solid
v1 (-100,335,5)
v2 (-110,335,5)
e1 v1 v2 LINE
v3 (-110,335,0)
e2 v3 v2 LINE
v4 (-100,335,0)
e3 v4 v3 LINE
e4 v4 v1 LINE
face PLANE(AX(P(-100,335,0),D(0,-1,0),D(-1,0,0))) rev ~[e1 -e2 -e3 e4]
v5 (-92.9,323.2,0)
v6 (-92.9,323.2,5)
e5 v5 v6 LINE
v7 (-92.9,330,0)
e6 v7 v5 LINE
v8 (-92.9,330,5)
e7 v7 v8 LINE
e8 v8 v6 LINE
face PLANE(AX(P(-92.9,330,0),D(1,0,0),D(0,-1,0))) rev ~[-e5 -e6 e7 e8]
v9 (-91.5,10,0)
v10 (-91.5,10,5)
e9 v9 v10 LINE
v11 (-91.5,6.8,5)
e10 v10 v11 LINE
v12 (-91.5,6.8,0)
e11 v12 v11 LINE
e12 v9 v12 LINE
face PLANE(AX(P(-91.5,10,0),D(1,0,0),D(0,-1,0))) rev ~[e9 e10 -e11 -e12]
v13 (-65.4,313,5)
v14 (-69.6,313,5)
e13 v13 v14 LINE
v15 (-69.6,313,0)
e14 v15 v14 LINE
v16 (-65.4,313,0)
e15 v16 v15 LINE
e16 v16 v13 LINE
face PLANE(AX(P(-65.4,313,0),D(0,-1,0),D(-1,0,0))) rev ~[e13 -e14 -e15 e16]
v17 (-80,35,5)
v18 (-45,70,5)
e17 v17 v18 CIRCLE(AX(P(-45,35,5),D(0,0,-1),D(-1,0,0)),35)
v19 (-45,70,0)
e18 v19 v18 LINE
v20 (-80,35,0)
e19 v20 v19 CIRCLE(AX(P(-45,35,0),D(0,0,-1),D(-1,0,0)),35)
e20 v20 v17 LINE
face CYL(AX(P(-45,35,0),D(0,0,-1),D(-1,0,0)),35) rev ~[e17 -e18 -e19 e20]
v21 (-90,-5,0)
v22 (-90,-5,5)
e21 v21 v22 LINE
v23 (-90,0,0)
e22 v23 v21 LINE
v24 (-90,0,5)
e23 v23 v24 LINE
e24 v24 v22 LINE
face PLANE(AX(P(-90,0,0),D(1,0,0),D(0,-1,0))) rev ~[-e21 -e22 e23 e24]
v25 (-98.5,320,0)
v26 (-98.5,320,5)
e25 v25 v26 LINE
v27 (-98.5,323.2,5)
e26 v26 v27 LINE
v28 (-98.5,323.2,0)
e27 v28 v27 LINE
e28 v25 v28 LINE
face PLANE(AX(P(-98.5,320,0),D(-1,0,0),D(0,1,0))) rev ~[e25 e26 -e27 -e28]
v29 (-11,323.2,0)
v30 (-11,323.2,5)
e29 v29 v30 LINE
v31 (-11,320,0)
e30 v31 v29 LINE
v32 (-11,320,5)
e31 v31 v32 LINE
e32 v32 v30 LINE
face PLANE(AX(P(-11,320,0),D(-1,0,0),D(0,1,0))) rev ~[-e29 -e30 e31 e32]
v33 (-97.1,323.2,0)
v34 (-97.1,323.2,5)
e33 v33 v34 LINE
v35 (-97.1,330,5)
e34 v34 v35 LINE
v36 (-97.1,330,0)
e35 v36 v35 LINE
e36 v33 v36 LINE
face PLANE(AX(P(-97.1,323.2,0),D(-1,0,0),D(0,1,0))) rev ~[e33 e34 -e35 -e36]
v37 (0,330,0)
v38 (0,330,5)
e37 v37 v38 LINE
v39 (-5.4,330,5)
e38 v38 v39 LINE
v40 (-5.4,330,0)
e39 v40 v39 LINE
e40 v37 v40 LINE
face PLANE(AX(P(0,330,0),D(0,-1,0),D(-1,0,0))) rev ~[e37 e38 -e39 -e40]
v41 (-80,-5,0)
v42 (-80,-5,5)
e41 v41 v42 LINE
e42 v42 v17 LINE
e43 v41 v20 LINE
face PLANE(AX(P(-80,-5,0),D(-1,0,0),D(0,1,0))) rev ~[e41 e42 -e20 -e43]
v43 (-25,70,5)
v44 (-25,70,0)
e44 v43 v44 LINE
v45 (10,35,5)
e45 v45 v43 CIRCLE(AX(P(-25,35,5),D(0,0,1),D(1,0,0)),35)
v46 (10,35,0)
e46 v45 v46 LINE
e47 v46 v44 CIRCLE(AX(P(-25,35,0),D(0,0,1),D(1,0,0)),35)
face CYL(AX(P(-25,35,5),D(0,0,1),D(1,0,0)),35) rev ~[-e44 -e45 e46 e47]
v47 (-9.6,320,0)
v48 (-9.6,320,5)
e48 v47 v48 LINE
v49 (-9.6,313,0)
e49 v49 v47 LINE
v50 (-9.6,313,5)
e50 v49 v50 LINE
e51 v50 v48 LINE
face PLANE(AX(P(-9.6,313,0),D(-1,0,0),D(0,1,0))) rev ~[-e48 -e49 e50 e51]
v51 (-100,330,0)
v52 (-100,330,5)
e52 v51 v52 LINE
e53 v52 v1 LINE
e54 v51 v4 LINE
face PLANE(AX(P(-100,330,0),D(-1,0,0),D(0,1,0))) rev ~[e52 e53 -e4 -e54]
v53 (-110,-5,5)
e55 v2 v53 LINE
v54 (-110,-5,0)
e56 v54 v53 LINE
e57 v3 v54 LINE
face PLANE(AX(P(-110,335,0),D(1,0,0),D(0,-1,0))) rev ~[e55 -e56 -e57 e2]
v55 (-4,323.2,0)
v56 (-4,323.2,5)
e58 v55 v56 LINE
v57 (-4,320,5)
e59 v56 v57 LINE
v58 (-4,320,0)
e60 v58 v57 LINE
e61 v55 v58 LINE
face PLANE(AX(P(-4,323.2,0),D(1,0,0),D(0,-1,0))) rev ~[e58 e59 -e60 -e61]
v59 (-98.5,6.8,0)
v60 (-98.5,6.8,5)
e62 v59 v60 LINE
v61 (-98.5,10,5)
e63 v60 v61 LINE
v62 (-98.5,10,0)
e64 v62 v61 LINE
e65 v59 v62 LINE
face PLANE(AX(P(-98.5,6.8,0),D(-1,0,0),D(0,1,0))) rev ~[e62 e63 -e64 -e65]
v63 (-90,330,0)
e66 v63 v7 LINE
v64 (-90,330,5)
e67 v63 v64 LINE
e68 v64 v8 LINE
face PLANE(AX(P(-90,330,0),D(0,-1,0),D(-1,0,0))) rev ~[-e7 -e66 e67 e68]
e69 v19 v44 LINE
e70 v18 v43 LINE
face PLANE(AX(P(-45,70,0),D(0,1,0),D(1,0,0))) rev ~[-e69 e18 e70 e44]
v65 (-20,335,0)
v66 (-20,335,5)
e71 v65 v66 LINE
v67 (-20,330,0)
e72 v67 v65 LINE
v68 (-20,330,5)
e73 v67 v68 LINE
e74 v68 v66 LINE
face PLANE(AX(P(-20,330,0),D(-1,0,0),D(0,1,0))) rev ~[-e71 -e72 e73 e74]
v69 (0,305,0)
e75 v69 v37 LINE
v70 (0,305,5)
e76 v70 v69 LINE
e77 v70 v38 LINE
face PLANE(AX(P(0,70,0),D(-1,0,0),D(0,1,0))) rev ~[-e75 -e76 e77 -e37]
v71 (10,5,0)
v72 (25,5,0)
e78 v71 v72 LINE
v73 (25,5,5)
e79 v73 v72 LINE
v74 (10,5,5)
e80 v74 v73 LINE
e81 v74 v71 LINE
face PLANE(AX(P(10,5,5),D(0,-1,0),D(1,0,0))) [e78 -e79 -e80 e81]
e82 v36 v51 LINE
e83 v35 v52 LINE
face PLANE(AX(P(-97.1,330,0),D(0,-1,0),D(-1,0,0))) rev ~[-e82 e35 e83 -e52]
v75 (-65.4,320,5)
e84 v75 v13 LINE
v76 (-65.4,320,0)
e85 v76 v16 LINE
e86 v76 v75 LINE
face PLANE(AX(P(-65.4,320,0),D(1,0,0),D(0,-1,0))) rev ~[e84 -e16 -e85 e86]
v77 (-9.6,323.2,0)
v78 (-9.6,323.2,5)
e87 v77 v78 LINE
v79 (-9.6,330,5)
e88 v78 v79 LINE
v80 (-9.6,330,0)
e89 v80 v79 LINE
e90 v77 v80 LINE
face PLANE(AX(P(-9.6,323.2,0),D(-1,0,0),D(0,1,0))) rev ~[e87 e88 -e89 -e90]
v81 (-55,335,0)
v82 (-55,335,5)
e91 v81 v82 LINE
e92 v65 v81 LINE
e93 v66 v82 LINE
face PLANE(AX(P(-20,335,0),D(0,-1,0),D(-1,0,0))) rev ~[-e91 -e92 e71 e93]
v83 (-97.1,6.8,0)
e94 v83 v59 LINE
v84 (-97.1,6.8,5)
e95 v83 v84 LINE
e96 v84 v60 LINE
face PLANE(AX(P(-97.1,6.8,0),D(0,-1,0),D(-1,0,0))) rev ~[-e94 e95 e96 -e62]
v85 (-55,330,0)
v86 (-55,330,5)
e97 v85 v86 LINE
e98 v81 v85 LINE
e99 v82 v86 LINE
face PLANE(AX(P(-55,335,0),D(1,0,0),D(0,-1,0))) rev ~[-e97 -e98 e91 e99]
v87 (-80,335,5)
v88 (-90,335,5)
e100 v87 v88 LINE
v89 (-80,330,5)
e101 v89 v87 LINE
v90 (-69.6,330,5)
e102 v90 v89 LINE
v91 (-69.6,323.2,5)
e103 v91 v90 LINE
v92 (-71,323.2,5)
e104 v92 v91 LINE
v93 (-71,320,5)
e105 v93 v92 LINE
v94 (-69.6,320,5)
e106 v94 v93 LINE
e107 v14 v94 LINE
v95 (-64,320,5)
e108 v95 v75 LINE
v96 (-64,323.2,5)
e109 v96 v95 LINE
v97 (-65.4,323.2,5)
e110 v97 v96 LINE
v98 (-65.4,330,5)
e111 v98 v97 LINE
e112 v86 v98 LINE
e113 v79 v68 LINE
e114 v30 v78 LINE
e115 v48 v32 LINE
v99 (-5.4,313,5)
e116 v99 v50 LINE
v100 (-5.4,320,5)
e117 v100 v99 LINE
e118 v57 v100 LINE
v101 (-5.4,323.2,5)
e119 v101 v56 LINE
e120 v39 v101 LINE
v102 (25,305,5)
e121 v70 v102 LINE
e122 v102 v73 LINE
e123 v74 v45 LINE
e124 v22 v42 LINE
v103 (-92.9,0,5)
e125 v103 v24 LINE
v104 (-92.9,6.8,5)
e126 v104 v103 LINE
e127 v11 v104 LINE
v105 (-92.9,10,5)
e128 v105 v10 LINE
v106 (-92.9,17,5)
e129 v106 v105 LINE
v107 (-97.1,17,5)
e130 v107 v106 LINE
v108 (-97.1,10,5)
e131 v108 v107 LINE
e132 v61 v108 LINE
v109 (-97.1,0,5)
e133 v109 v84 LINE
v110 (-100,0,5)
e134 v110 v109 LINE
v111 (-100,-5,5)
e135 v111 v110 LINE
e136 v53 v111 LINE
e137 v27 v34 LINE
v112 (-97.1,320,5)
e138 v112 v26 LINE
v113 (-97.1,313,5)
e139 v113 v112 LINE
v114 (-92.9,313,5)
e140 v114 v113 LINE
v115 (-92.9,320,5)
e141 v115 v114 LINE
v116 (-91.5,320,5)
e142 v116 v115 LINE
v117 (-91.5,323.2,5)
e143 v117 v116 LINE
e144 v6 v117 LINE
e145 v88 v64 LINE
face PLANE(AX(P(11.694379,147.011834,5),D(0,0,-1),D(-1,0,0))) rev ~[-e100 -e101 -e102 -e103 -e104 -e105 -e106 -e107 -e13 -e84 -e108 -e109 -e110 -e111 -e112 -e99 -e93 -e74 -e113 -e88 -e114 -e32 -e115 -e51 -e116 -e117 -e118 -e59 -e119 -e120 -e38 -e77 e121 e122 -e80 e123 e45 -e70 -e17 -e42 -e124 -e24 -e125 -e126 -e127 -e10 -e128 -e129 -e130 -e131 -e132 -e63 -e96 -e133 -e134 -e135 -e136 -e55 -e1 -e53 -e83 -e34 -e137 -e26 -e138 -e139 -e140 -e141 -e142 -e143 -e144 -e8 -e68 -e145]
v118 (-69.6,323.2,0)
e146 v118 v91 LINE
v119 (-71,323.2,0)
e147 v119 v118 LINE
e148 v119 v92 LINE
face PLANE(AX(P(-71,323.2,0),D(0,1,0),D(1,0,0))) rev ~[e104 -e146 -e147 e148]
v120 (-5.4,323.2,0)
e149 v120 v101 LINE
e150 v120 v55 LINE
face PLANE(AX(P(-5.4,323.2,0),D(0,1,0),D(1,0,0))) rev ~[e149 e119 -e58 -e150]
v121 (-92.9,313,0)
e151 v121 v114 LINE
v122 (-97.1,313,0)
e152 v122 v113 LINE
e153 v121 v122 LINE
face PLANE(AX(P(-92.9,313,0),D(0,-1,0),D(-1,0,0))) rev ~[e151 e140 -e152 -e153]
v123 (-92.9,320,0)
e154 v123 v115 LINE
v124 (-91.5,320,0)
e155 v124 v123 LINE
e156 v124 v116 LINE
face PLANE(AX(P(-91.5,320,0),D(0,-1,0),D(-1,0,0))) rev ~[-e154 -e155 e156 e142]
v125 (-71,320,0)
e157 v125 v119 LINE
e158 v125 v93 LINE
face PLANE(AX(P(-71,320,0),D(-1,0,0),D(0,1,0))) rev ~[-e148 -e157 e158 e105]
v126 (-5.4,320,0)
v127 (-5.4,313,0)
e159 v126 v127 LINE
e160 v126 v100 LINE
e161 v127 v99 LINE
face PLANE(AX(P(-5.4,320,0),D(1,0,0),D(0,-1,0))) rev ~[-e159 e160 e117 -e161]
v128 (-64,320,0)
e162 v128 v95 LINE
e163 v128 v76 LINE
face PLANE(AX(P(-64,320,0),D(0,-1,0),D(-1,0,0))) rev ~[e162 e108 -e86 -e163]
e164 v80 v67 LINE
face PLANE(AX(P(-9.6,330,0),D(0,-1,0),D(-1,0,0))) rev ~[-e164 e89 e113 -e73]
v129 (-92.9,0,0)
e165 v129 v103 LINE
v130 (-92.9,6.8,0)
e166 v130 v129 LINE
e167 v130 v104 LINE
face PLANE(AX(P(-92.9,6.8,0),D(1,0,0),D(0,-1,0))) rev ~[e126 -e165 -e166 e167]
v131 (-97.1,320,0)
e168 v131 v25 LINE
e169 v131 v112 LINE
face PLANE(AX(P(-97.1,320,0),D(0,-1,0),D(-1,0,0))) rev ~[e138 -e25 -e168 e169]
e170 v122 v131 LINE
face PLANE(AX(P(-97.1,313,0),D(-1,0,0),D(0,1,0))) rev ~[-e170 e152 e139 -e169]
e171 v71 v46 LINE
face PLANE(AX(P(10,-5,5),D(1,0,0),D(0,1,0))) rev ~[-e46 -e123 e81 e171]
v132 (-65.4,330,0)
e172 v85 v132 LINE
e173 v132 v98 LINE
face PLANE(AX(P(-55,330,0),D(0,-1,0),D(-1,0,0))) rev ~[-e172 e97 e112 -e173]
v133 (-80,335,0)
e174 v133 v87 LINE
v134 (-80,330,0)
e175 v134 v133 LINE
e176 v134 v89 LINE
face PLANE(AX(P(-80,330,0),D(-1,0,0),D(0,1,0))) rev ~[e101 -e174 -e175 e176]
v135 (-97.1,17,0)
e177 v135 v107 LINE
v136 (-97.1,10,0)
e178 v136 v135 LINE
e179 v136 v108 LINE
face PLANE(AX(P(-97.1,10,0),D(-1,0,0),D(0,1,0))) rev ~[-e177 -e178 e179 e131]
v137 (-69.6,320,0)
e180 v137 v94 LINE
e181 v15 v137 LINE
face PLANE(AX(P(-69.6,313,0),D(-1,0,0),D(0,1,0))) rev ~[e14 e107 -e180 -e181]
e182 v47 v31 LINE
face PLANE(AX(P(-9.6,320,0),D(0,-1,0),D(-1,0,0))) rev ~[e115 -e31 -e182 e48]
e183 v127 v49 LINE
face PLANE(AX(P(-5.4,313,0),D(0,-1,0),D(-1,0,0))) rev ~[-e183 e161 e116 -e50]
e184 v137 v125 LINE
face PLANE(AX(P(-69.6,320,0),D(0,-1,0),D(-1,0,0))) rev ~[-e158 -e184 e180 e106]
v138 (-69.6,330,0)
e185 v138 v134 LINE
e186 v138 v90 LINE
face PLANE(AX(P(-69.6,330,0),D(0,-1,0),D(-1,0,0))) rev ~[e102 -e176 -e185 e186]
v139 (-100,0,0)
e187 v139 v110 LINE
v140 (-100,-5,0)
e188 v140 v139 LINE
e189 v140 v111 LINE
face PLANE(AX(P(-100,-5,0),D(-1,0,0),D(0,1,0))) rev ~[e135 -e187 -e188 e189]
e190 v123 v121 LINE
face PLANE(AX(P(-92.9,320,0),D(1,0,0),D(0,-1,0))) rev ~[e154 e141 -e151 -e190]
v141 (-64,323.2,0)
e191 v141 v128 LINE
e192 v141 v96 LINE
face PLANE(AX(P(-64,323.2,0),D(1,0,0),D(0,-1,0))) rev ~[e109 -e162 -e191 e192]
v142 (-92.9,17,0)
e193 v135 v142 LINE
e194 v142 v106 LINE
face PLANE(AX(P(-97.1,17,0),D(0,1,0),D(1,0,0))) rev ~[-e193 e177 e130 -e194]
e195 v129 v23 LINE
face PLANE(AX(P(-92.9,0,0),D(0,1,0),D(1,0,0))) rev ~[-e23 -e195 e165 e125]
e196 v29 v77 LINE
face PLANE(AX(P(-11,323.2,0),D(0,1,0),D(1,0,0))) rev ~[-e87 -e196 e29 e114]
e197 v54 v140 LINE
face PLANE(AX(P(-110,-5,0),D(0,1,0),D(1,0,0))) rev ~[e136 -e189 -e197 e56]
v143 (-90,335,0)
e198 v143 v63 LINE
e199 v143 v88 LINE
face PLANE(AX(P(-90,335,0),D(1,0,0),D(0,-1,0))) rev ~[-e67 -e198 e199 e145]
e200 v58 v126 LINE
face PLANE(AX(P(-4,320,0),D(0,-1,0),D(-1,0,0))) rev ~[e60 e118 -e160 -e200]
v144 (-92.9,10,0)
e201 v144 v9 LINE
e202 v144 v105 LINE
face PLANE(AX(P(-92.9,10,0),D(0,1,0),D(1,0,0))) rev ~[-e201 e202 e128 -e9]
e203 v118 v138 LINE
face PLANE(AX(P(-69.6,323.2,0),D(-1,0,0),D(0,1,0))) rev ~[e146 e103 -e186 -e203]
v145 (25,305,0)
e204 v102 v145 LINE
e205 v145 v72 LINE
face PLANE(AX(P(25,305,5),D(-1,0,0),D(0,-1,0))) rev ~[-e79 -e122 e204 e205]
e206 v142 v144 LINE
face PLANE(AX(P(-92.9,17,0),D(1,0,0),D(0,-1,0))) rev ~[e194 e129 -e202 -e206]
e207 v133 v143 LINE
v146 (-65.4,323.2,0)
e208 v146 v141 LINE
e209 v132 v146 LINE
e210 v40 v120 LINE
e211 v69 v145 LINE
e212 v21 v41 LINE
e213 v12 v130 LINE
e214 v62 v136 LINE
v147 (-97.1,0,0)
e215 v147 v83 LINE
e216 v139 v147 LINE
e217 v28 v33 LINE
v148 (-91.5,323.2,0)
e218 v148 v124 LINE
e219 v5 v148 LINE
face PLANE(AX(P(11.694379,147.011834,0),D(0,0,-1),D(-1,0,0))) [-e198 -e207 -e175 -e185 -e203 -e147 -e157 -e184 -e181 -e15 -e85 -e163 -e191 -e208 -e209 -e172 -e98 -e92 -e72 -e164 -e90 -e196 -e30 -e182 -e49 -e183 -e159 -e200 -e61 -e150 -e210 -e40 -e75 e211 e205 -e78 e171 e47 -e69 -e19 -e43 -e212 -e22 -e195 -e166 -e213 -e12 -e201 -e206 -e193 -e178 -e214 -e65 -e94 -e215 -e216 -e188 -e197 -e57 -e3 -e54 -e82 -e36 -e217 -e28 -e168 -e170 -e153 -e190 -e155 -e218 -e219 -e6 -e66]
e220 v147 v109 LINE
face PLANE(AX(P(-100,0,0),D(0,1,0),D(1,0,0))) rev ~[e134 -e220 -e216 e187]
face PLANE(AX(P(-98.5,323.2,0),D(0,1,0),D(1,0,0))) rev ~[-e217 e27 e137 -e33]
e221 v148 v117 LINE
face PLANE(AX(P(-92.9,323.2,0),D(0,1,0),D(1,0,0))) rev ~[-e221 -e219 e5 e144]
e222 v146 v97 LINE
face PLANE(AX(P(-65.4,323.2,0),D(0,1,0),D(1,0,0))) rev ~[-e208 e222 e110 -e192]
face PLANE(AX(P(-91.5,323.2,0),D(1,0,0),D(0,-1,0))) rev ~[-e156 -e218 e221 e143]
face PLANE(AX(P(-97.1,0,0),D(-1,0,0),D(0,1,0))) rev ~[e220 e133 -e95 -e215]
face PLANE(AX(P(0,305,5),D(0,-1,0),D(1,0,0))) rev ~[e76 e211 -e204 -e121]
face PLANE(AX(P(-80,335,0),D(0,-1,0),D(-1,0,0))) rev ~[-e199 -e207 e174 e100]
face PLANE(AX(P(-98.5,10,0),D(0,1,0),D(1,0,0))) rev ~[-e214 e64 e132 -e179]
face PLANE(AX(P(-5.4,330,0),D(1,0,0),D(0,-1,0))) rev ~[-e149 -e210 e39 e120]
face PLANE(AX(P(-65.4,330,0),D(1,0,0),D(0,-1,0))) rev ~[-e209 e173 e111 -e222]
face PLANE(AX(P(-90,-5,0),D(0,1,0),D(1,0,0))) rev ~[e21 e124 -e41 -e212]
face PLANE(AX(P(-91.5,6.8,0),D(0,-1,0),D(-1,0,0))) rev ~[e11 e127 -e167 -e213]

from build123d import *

# Parameters (mm, degrees)
BOSS_EXTRUDE1_DEPTH   = 5
SKETCH1_W             = 35
SKETCH1_H             = 5
BOSS_EXTRUDE1_2_DEPTH = 5
SKETCH2_W             = 56.57205094
SKETCH2_H             = 46.29963395
CUT_EXTRUDE1_DEPTH    = 10
BOSS_EXTRUDE2_DEPTH   = 5
SKETCH4_W             = 15
SKETCH4_H             = 10
CUT_EXTRUDE2_DEPTH    = 5


with BuildPart() as part:
    # Sketch1 → Boss-Extrude1 (new body)
    with BuildSketch(Plane.XY):
        with BuildLine():
            Line((-45, 70), (0, 70))
            Line((0, 70), (0, 330))
            Line((0, 330), (-5.4, 330))
            Line((-5.4, 330), (-5.4, 323.2))
            Line((-5.4, 323.2), (-4, 323.2))
            Line((-4, 323.2), (-4, 320))
            Line((-4, 320), (-5.4, 320))
            Line((-5.4, 320), (-5.4, 313))
            Line((-5.4, 313), (-9.6, 313))
            Line((-9.6, 313), (-9.6, 320))
            Line((-9.6, 320), (-11, 320))
            Line((-11, 320), (-11, 323.2))
            Line((-11, 323.2), (-9.6, 323.2))
            Line((-9.6, 323.2), (-9.6, 330))
            Line((-9.6, 330), (-20, 330))
            Line((-20, 330), (-20, 335))
            Line((-20, 335), (-55, 335))
            Line((-55, 335), (-55, 330))
            Line((-55, 330), (-65.4, 330))
            Line((-65.4, 330), (-65.4, 323.2))
            Line((-65.4, 323.2), (-64, 323.2))
            Line((-64, 323.2), (-64, 320))
            Line((-64, 320), (-65.4, 320))
            Line((-65.4, 320), (-65.4, 313))
            Line((-65.4, 313), (-69.6, 313))
            Line((-69.6, 313), (-69.6, 320))
            Line((-69.6, 320), (-71, 320))
            Line((-71, 320), (-71, 323.2))
            Line((-71, 323.2), (-69.6, 323.2))
            Line((-69.6, 323.2), (-69.6, 330))
            Line((-69.6, 330), (-80, 330))
            Line((-80, 330), (-80, 335))
            Line((-80, 335), (-90, 335))
            Line((-90, 335), (-90, 330))
            Line((-90, 330), (-92.9, 330))
            Line((-92.9, 330), (-92.9, 323.2))
            Line((-92.9, 323.2), (-91.5, 323.2))
            Line((-91.5, 323.2), (-91.5, 320))
            Line((-91.5, 320), (-92.9, 320))
            Line((-92.9, 320), (-92.9, 313))
            Line((-92.9, 313), (-97.1, 313))
            Line((-97.1, 313), (-97.1, 320))
            Line((-97.1, 320), (-98.5, 320))
            Line((-98.5, 320), (-98.5, 323.2))
            Line((-98.5, 323.2), (-97.1, 323.2))
            Line((-97.1, 323.2), (-97.1, 330))
            Line((-97.1, 330), (-100, 330))
            Line((-100, 330), (-100, 335))
            Line((-100, 335), (-110, 335))
            Line((-110, 335), (-110, -5))
            Line((-110, -5), (-100, -5))
            Line((-100, -5), (-100, 0))
            Line((-100, 0), (-97.1, 0))
            Line((-97.1, 0), (-97.1, 6.8))
            Line((-97.1, 6.8), (-98.5, 6.8))
            Line((-98.5, 6.8), (-98.5, 10))
            Line((-98.5, 10), (-97.1, 10))
            Line((-97.1, 10), (-97.1, 17))
            Line((-97.1, 17), (-92.9, 17))
            Line((-92.9, 17), (-92.9, 10))
            Line((-92.9, 10), (-91.5, 10))
            Line((-91.5, 10), (-91.5, 6.8))
            Line((-91.5, 6.8), (-92.9, 6.8))
            Line((-92.9, 6.8), (-92.9, 0))
            Line((-92.9, 0), (-90, 0))
            Line((-90, 0), (-90, -5))
            Line((-90, -5), (-80, -5))
            Line((-80, -5), (-80, 35))
            ThreePointArc((-80, 35), (-69.748737342, 59.748737342), (-45, 70))
        make_face()
    extrude(amount=BOSS_EXTRUDE1_DEPTH)

    # Sketch3 → Boss-Extrude2 (add)
    with BuildSketch(Plane.XY.offset(5)):
        with BuildLine():
            Line((0, 305), (25, 305))
            Line((25, 305), (25, 70))
            Line((25, 70), (25, -5))
            Line((25, -5), (10, -5))
            Line((10, -5), (10, 35))
            ThreePointArc((10, 35), (-0.251262658, 59.748737342), (-25, 70))
            Line((-25, 70), (0, 70))
            Line((0, 70), (0, 305))
        make_face()
    extrude(amount=-BOSS_EXTRUDE2_DEPTH)

    # Sketch4 → Cut-Extrude2 (cut)
    with BuildSketch(Plane.XY.offset(5)):
        with Locations((17.5, 0)):
            Rectangle(SKETCH4_W, SKETCH4_H)
    extrude(amount=-CUT_EXTRUDE2_DEPTH, mode=Mode.SUBTRACT)


with BuildPart() as body_2:
    # Sketch1 → Boss-Extrude1 2 (new body)
    with BuildSketch(Plane.XY):
        with Locations((-37.5, -2.5)):
            Rectangle(SKETCH1_W, SKETCH1_H)
    extrude(amount=BOSS_EXTRUDE1_2_DEPTH)

    # Sketch2 → Cut-Extrude1 (cut)
    with BuildSketch(Plane.XY.offset(5)):
        with Locations((-32.79534341, -6.148476698)):
            Rectangle(SKETCH2_W, SKETCH2_H)
    extrude(amount=-CUT_EXTRUDE1_DEPTH, mode=Mode.SUBTRACT)


solid = part.part
